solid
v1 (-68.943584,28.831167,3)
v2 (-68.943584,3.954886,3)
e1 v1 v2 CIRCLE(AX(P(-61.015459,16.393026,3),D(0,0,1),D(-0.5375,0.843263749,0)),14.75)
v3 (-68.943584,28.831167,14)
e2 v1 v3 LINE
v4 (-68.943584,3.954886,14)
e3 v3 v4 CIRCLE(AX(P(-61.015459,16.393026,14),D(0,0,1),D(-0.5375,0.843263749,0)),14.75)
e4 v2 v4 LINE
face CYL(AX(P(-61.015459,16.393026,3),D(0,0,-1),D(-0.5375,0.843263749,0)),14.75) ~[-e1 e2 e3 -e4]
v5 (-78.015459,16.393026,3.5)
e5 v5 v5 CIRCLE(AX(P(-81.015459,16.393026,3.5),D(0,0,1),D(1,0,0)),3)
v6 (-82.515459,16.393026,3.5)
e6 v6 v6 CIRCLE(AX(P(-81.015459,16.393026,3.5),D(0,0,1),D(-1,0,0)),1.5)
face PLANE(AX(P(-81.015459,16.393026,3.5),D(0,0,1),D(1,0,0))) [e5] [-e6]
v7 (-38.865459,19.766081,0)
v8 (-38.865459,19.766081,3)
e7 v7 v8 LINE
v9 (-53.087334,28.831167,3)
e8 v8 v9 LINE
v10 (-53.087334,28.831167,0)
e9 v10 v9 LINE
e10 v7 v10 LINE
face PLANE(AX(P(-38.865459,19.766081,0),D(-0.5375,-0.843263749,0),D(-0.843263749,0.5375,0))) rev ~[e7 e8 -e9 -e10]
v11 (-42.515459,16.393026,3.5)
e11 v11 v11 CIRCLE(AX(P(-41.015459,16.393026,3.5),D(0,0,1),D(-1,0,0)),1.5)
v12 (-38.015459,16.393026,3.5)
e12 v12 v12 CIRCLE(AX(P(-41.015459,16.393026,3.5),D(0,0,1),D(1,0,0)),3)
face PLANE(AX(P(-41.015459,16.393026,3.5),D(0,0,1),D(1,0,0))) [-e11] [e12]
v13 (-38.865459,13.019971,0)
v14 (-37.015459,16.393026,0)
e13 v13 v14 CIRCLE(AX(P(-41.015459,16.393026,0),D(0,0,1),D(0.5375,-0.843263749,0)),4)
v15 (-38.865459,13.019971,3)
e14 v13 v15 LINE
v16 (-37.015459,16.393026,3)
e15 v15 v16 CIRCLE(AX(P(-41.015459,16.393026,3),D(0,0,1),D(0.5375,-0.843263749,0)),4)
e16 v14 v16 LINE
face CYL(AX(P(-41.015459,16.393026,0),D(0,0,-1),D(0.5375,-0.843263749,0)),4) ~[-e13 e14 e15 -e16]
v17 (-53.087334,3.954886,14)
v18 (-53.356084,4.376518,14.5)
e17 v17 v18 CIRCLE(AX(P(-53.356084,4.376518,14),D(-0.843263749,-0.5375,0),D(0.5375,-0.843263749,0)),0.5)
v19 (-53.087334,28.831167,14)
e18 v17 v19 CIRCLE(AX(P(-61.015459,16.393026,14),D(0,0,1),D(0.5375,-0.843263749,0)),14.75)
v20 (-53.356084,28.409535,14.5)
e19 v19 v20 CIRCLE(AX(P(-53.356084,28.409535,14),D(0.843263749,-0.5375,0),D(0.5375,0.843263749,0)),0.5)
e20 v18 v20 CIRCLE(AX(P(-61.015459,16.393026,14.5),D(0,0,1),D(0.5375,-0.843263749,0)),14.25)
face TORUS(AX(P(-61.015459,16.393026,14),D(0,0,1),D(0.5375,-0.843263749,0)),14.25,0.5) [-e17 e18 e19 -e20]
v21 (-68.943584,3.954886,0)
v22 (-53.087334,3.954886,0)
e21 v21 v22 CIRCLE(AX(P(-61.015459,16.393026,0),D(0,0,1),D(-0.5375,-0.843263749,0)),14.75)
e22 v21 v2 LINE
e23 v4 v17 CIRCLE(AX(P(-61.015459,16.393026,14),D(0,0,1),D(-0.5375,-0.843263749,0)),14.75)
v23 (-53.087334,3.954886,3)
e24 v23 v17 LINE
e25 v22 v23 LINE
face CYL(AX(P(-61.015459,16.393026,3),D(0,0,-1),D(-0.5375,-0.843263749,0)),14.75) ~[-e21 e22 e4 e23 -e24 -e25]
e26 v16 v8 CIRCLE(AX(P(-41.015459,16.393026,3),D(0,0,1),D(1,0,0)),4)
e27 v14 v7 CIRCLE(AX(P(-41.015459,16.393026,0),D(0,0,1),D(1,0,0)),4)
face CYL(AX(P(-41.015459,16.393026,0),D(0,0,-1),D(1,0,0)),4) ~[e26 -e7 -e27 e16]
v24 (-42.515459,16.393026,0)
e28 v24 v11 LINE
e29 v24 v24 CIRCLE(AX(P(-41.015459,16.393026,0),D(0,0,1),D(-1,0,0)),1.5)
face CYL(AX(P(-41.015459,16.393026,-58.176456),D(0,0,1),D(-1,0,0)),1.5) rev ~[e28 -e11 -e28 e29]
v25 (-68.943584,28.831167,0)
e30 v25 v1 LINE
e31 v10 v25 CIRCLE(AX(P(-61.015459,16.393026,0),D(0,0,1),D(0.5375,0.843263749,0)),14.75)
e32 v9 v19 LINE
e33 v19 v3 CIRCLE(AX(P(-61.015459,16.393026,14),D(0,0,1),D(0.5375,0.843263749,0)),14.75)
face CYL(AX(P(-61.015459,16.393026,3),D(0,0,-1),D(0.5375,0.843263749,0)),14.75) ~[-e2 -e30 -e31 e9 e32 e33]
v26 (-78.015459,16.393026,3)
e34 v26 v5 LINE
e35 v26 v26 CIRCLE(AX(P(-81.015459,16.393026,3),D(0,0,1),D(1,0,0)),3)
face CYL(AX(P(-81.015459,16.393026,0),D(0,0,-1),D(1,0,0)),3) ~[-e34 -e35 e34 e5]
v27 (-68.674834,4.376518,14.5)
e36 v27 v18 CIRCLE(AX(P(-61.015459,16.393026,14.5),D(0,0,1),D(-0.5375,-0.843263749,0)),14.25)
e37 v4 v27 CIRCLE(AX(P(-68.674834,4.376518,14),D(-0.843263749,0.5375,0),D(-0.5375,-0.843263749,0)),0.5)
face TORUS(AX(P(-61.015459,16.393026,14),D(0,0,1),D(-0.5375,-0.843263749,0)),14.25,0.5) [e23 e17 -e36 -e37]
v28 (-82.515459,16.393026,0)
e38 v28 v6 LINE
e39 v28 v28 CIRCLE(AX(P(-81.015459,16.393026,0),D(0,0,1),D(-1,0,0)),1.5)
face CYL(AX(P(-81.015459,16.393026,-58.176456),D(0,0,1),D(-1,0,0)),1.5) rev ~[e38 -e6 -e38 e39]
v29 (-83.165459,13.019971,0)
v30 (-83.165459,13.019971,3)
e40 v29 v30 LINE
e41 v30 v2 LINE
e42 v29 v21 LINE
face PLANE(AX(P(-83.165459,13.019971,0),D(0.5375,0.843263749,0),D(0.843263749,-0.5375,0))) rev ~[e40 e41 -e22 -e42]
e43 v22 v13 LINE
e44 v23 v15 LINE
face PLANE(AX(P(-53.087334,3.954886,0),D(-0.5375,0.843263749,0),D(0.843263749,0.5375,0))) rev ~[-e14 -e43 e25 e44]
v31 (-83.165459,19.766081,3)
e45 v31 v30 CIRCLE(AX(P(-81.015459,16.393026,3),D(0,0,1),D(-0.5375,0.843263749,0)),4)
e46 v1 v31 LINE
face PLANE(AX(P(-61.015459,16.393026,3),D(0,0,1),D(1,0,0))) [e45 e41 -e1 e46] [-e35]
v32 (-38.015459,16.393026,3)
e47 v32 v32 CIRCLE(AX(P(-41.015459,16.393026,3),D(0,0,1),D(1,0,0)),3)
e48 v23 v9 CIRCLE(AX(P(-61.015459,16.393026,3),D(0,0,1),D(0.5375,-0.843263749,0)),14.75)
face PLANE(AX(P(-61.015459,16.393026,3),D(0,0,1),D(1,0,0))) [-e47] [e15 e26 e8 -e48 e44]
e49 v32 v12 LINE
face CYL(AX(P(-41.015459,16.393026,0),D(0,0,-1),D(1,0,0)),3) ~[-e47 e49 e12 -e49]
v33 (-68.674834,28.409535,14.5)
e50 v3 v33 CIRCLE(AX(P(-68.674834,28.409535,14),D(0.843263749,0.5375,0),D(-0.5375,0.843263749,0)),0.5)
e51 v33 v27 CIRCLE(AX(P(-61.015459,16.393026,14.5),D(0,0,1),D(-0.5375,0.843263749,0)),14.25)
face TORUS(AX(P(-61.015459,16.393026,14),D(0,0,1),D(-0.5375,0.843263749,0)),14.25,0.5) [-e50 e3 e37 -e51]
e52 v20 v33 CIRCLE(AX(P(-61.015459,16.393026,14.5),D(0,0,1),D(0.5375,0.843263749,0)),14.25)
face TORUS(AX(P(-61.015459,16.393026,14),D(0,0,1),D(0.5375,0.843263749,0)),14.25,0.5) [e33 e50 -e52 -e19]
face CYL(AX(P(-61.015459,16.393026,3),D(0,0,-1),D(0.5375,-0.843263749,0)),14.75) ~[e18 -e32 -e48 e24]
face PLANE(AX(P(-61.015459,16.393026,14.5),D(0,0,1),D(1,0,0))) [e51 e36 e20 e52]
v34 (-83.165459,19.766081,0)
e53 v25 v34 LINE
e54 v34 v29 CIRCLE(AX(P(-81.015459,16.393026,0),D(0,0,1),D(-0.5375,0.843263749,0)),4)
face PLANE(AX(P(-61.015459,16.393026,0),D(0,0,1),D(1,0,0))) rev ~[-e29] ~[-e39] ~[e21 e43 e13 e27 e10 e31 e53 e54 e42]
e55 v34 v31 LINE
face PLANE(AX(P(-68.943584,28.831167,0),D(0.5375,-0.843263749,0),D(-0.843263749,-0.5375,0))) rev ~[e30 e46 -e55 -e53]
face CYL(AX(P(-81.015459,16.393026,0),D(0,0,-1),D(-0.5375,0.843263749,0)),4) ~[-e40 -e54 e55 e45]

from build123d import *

# Parameters (mm, degrees)
F0_R     = 3
F1_DEPTH = 3
F3_DEPTH = 11.5
F4_R     = 0.5
F6_DEPTH = 3.5
F7_D     = 3


with BuildPart() as f1:
    # F0 (on Top) → F1 (new body)
    with BuildSketch(Plane.XY):
        with BuildLine():
            ThreePointArc((-53.0873338103, 3.9548860426), (-48.0828963467, 9.2999784643), (-46.2654588103, 16.393026337))
            ThreePointArc((-46.2654588103, 16.393026337), (-48.0828963467, 23.4860742098), (-53.0873338103, 28.8311666315))
            ThreePointArc((-53.0873338103, 28.8311666315), (-61.0154588103, 31.143026337), (-68.9435838103, 28.8311666315))
            ThreePointArc((-68.9435838103, 28.8311666315), (-75.7654588103, 16.393026337), (-68.9435838103, 3.9548860426))
            ThreePointArc((-68.9435838103, 3.9548860426), (-61.0154588103, 1.643026337), (-53.0873338103, 3.9548860426))
        make_face()
        with BuildLine():
            ThreePointArc((-68.9435838103, 3.9548860426), (-75.7654588103, 16.393026337), (-68.9435838103, 28.8311666315))
            Line((-68.9435838103, 28.8311666315), (-83.1654588103, 19.7660813321))
            ThreePointArc((-83.1654588103, 19.7660813321), (-79.0919204042, 19.9001619204), (-77.0154588103, 16.393026337))
            ThreePointArc((-77.0154588103, 16.393026337), (-79.0919204042, 12.8858907537), (-83.1654588103, 13.0199713419))
            Line((-83.1654588103, 13.0199713419), (-68.9435838103, 3.9548860426))
        make_face()
        with BuildLine():
            ThreePointArc((-53.0873338103, 28.8311666315), (-48.0828963467, 23.4860742098), (-46.2654588103, 16.393026337))
            ThreePointArc((-46.2654588103, 16.393026337), (-48.0828963467, 9.2999784643), (-53.0873338103, 3.9548860426))
            Line((-53.0873338103, 3.9548860426), (-38.8654588103, 13.0199713419))
            ThreePointArc((-38.8654588103, 13.0199713419), (-45.0154588103, 16.393026337), (-38.8654588103, 19.7660813321))
            Line((-38.8654588103, 19.7660813321), (-53.0873338103, 28.8311666315))
        make_face()
        with BuildLine():
            ThreePointArc((-37.0154588103, 16.393026337), (-37.508323227, 18.3165647432), (-38.8654588103, 19.7660813321))
            ThreePointArc((-38.8654588103, 19.7660813321), (-45.0154588103, 16.393026337), (-38.8654588103, 13.0199713419))
            ThreePointArc((-38.8654588103, 13.0199713419), (-37.508323227, 14.4694879309), (-37.0154588103, 16.393026337))
        make_face()
        with Locations((-41.0154588103, 16.393026337)):
            Circle(F0_R, mode=Mode.SUBTRACT)
        with BuildLine():
            ThreePointArc((-77.0154588103, 16.393026337), (-79.0919204042, 19.9001619204), (-83.1654588103, 19.7660813321))
            ThreePointArc((-83.1654588103, 19.7660813321), (-85.0154588103, 16.393026337), (-83.1654588103, 13.0199713419))
            ThreePointArc((-83.1654588103, 13.0199713419), (-79.0919204042, 12.8858907537), (-77.0154588103, 16.393026337))
        make_face()
        with Locations((-81.0154588103, 16.393026337)):
            Circle(F0_R, mode=Mode.SUBTRACT)
    extrude(amount=F1_DEPTH)

    # F2 (on face) → F3 (join)
    with BuildSketch(Plane.XY.offset(3)):
        with BuildLine():
            ThreePointArc((-53.0873338103, 3.9548860426), (-48.0828963467, 9.2999784643), (-46.2654588103, 16.393026337))
            ThreePointArc((-46.2654588103, 16.393026337), (-48.0828963467, 23.4860742098), (-53.0873338103, 28.8311666315))
            ThreePointArc((-53.0873338103, 28.8311666315), (-61.0154588103, 31.143026337), (-68.9435838103, 28.8311666315))
            ThreePointArc((-68.9435838103, 28.8311666315), (-75.7654588103, 16.393026337), (-68.9435838103, 3.9548860426))
            ThreePointArc((-68.9435838103, 3.9548860426), (-61.0154588103, 1.643026337), (-53.0873338103, 3.9548860426))
        make_face()
    extrude(amount=F3_DEPTH)

    # F4
    f4_edges = [f1.edges().sort_by_distance(p)[0] for p in [
        (-53.087334, 28.831167, 14.5),
    ]]
    fillet(f4_edges, radius=F4_R)

    # F0 (on Top) → F6 (join)
    with BuildSketch(Plane.XY):
        with Locations((-41.0154588103, 16.393026337)):
            Circle(F0_R)
        with Locations((-81.0154588103, 16.393026337)):
            Circle(F0_R)
    extrude(amount=F6_DEPTH)

    # F7 (through all)
    with Locations(Plane(origin=(0, 0, 0), x_dir=(1, 0, 0), z_dir=(0, 0, -1))):
        with Locations((-81.0154588103, -16.393026337), (-41.0154588103, -16.393026337)):
            Hole(F7_D / 2)


solid = f1.part
